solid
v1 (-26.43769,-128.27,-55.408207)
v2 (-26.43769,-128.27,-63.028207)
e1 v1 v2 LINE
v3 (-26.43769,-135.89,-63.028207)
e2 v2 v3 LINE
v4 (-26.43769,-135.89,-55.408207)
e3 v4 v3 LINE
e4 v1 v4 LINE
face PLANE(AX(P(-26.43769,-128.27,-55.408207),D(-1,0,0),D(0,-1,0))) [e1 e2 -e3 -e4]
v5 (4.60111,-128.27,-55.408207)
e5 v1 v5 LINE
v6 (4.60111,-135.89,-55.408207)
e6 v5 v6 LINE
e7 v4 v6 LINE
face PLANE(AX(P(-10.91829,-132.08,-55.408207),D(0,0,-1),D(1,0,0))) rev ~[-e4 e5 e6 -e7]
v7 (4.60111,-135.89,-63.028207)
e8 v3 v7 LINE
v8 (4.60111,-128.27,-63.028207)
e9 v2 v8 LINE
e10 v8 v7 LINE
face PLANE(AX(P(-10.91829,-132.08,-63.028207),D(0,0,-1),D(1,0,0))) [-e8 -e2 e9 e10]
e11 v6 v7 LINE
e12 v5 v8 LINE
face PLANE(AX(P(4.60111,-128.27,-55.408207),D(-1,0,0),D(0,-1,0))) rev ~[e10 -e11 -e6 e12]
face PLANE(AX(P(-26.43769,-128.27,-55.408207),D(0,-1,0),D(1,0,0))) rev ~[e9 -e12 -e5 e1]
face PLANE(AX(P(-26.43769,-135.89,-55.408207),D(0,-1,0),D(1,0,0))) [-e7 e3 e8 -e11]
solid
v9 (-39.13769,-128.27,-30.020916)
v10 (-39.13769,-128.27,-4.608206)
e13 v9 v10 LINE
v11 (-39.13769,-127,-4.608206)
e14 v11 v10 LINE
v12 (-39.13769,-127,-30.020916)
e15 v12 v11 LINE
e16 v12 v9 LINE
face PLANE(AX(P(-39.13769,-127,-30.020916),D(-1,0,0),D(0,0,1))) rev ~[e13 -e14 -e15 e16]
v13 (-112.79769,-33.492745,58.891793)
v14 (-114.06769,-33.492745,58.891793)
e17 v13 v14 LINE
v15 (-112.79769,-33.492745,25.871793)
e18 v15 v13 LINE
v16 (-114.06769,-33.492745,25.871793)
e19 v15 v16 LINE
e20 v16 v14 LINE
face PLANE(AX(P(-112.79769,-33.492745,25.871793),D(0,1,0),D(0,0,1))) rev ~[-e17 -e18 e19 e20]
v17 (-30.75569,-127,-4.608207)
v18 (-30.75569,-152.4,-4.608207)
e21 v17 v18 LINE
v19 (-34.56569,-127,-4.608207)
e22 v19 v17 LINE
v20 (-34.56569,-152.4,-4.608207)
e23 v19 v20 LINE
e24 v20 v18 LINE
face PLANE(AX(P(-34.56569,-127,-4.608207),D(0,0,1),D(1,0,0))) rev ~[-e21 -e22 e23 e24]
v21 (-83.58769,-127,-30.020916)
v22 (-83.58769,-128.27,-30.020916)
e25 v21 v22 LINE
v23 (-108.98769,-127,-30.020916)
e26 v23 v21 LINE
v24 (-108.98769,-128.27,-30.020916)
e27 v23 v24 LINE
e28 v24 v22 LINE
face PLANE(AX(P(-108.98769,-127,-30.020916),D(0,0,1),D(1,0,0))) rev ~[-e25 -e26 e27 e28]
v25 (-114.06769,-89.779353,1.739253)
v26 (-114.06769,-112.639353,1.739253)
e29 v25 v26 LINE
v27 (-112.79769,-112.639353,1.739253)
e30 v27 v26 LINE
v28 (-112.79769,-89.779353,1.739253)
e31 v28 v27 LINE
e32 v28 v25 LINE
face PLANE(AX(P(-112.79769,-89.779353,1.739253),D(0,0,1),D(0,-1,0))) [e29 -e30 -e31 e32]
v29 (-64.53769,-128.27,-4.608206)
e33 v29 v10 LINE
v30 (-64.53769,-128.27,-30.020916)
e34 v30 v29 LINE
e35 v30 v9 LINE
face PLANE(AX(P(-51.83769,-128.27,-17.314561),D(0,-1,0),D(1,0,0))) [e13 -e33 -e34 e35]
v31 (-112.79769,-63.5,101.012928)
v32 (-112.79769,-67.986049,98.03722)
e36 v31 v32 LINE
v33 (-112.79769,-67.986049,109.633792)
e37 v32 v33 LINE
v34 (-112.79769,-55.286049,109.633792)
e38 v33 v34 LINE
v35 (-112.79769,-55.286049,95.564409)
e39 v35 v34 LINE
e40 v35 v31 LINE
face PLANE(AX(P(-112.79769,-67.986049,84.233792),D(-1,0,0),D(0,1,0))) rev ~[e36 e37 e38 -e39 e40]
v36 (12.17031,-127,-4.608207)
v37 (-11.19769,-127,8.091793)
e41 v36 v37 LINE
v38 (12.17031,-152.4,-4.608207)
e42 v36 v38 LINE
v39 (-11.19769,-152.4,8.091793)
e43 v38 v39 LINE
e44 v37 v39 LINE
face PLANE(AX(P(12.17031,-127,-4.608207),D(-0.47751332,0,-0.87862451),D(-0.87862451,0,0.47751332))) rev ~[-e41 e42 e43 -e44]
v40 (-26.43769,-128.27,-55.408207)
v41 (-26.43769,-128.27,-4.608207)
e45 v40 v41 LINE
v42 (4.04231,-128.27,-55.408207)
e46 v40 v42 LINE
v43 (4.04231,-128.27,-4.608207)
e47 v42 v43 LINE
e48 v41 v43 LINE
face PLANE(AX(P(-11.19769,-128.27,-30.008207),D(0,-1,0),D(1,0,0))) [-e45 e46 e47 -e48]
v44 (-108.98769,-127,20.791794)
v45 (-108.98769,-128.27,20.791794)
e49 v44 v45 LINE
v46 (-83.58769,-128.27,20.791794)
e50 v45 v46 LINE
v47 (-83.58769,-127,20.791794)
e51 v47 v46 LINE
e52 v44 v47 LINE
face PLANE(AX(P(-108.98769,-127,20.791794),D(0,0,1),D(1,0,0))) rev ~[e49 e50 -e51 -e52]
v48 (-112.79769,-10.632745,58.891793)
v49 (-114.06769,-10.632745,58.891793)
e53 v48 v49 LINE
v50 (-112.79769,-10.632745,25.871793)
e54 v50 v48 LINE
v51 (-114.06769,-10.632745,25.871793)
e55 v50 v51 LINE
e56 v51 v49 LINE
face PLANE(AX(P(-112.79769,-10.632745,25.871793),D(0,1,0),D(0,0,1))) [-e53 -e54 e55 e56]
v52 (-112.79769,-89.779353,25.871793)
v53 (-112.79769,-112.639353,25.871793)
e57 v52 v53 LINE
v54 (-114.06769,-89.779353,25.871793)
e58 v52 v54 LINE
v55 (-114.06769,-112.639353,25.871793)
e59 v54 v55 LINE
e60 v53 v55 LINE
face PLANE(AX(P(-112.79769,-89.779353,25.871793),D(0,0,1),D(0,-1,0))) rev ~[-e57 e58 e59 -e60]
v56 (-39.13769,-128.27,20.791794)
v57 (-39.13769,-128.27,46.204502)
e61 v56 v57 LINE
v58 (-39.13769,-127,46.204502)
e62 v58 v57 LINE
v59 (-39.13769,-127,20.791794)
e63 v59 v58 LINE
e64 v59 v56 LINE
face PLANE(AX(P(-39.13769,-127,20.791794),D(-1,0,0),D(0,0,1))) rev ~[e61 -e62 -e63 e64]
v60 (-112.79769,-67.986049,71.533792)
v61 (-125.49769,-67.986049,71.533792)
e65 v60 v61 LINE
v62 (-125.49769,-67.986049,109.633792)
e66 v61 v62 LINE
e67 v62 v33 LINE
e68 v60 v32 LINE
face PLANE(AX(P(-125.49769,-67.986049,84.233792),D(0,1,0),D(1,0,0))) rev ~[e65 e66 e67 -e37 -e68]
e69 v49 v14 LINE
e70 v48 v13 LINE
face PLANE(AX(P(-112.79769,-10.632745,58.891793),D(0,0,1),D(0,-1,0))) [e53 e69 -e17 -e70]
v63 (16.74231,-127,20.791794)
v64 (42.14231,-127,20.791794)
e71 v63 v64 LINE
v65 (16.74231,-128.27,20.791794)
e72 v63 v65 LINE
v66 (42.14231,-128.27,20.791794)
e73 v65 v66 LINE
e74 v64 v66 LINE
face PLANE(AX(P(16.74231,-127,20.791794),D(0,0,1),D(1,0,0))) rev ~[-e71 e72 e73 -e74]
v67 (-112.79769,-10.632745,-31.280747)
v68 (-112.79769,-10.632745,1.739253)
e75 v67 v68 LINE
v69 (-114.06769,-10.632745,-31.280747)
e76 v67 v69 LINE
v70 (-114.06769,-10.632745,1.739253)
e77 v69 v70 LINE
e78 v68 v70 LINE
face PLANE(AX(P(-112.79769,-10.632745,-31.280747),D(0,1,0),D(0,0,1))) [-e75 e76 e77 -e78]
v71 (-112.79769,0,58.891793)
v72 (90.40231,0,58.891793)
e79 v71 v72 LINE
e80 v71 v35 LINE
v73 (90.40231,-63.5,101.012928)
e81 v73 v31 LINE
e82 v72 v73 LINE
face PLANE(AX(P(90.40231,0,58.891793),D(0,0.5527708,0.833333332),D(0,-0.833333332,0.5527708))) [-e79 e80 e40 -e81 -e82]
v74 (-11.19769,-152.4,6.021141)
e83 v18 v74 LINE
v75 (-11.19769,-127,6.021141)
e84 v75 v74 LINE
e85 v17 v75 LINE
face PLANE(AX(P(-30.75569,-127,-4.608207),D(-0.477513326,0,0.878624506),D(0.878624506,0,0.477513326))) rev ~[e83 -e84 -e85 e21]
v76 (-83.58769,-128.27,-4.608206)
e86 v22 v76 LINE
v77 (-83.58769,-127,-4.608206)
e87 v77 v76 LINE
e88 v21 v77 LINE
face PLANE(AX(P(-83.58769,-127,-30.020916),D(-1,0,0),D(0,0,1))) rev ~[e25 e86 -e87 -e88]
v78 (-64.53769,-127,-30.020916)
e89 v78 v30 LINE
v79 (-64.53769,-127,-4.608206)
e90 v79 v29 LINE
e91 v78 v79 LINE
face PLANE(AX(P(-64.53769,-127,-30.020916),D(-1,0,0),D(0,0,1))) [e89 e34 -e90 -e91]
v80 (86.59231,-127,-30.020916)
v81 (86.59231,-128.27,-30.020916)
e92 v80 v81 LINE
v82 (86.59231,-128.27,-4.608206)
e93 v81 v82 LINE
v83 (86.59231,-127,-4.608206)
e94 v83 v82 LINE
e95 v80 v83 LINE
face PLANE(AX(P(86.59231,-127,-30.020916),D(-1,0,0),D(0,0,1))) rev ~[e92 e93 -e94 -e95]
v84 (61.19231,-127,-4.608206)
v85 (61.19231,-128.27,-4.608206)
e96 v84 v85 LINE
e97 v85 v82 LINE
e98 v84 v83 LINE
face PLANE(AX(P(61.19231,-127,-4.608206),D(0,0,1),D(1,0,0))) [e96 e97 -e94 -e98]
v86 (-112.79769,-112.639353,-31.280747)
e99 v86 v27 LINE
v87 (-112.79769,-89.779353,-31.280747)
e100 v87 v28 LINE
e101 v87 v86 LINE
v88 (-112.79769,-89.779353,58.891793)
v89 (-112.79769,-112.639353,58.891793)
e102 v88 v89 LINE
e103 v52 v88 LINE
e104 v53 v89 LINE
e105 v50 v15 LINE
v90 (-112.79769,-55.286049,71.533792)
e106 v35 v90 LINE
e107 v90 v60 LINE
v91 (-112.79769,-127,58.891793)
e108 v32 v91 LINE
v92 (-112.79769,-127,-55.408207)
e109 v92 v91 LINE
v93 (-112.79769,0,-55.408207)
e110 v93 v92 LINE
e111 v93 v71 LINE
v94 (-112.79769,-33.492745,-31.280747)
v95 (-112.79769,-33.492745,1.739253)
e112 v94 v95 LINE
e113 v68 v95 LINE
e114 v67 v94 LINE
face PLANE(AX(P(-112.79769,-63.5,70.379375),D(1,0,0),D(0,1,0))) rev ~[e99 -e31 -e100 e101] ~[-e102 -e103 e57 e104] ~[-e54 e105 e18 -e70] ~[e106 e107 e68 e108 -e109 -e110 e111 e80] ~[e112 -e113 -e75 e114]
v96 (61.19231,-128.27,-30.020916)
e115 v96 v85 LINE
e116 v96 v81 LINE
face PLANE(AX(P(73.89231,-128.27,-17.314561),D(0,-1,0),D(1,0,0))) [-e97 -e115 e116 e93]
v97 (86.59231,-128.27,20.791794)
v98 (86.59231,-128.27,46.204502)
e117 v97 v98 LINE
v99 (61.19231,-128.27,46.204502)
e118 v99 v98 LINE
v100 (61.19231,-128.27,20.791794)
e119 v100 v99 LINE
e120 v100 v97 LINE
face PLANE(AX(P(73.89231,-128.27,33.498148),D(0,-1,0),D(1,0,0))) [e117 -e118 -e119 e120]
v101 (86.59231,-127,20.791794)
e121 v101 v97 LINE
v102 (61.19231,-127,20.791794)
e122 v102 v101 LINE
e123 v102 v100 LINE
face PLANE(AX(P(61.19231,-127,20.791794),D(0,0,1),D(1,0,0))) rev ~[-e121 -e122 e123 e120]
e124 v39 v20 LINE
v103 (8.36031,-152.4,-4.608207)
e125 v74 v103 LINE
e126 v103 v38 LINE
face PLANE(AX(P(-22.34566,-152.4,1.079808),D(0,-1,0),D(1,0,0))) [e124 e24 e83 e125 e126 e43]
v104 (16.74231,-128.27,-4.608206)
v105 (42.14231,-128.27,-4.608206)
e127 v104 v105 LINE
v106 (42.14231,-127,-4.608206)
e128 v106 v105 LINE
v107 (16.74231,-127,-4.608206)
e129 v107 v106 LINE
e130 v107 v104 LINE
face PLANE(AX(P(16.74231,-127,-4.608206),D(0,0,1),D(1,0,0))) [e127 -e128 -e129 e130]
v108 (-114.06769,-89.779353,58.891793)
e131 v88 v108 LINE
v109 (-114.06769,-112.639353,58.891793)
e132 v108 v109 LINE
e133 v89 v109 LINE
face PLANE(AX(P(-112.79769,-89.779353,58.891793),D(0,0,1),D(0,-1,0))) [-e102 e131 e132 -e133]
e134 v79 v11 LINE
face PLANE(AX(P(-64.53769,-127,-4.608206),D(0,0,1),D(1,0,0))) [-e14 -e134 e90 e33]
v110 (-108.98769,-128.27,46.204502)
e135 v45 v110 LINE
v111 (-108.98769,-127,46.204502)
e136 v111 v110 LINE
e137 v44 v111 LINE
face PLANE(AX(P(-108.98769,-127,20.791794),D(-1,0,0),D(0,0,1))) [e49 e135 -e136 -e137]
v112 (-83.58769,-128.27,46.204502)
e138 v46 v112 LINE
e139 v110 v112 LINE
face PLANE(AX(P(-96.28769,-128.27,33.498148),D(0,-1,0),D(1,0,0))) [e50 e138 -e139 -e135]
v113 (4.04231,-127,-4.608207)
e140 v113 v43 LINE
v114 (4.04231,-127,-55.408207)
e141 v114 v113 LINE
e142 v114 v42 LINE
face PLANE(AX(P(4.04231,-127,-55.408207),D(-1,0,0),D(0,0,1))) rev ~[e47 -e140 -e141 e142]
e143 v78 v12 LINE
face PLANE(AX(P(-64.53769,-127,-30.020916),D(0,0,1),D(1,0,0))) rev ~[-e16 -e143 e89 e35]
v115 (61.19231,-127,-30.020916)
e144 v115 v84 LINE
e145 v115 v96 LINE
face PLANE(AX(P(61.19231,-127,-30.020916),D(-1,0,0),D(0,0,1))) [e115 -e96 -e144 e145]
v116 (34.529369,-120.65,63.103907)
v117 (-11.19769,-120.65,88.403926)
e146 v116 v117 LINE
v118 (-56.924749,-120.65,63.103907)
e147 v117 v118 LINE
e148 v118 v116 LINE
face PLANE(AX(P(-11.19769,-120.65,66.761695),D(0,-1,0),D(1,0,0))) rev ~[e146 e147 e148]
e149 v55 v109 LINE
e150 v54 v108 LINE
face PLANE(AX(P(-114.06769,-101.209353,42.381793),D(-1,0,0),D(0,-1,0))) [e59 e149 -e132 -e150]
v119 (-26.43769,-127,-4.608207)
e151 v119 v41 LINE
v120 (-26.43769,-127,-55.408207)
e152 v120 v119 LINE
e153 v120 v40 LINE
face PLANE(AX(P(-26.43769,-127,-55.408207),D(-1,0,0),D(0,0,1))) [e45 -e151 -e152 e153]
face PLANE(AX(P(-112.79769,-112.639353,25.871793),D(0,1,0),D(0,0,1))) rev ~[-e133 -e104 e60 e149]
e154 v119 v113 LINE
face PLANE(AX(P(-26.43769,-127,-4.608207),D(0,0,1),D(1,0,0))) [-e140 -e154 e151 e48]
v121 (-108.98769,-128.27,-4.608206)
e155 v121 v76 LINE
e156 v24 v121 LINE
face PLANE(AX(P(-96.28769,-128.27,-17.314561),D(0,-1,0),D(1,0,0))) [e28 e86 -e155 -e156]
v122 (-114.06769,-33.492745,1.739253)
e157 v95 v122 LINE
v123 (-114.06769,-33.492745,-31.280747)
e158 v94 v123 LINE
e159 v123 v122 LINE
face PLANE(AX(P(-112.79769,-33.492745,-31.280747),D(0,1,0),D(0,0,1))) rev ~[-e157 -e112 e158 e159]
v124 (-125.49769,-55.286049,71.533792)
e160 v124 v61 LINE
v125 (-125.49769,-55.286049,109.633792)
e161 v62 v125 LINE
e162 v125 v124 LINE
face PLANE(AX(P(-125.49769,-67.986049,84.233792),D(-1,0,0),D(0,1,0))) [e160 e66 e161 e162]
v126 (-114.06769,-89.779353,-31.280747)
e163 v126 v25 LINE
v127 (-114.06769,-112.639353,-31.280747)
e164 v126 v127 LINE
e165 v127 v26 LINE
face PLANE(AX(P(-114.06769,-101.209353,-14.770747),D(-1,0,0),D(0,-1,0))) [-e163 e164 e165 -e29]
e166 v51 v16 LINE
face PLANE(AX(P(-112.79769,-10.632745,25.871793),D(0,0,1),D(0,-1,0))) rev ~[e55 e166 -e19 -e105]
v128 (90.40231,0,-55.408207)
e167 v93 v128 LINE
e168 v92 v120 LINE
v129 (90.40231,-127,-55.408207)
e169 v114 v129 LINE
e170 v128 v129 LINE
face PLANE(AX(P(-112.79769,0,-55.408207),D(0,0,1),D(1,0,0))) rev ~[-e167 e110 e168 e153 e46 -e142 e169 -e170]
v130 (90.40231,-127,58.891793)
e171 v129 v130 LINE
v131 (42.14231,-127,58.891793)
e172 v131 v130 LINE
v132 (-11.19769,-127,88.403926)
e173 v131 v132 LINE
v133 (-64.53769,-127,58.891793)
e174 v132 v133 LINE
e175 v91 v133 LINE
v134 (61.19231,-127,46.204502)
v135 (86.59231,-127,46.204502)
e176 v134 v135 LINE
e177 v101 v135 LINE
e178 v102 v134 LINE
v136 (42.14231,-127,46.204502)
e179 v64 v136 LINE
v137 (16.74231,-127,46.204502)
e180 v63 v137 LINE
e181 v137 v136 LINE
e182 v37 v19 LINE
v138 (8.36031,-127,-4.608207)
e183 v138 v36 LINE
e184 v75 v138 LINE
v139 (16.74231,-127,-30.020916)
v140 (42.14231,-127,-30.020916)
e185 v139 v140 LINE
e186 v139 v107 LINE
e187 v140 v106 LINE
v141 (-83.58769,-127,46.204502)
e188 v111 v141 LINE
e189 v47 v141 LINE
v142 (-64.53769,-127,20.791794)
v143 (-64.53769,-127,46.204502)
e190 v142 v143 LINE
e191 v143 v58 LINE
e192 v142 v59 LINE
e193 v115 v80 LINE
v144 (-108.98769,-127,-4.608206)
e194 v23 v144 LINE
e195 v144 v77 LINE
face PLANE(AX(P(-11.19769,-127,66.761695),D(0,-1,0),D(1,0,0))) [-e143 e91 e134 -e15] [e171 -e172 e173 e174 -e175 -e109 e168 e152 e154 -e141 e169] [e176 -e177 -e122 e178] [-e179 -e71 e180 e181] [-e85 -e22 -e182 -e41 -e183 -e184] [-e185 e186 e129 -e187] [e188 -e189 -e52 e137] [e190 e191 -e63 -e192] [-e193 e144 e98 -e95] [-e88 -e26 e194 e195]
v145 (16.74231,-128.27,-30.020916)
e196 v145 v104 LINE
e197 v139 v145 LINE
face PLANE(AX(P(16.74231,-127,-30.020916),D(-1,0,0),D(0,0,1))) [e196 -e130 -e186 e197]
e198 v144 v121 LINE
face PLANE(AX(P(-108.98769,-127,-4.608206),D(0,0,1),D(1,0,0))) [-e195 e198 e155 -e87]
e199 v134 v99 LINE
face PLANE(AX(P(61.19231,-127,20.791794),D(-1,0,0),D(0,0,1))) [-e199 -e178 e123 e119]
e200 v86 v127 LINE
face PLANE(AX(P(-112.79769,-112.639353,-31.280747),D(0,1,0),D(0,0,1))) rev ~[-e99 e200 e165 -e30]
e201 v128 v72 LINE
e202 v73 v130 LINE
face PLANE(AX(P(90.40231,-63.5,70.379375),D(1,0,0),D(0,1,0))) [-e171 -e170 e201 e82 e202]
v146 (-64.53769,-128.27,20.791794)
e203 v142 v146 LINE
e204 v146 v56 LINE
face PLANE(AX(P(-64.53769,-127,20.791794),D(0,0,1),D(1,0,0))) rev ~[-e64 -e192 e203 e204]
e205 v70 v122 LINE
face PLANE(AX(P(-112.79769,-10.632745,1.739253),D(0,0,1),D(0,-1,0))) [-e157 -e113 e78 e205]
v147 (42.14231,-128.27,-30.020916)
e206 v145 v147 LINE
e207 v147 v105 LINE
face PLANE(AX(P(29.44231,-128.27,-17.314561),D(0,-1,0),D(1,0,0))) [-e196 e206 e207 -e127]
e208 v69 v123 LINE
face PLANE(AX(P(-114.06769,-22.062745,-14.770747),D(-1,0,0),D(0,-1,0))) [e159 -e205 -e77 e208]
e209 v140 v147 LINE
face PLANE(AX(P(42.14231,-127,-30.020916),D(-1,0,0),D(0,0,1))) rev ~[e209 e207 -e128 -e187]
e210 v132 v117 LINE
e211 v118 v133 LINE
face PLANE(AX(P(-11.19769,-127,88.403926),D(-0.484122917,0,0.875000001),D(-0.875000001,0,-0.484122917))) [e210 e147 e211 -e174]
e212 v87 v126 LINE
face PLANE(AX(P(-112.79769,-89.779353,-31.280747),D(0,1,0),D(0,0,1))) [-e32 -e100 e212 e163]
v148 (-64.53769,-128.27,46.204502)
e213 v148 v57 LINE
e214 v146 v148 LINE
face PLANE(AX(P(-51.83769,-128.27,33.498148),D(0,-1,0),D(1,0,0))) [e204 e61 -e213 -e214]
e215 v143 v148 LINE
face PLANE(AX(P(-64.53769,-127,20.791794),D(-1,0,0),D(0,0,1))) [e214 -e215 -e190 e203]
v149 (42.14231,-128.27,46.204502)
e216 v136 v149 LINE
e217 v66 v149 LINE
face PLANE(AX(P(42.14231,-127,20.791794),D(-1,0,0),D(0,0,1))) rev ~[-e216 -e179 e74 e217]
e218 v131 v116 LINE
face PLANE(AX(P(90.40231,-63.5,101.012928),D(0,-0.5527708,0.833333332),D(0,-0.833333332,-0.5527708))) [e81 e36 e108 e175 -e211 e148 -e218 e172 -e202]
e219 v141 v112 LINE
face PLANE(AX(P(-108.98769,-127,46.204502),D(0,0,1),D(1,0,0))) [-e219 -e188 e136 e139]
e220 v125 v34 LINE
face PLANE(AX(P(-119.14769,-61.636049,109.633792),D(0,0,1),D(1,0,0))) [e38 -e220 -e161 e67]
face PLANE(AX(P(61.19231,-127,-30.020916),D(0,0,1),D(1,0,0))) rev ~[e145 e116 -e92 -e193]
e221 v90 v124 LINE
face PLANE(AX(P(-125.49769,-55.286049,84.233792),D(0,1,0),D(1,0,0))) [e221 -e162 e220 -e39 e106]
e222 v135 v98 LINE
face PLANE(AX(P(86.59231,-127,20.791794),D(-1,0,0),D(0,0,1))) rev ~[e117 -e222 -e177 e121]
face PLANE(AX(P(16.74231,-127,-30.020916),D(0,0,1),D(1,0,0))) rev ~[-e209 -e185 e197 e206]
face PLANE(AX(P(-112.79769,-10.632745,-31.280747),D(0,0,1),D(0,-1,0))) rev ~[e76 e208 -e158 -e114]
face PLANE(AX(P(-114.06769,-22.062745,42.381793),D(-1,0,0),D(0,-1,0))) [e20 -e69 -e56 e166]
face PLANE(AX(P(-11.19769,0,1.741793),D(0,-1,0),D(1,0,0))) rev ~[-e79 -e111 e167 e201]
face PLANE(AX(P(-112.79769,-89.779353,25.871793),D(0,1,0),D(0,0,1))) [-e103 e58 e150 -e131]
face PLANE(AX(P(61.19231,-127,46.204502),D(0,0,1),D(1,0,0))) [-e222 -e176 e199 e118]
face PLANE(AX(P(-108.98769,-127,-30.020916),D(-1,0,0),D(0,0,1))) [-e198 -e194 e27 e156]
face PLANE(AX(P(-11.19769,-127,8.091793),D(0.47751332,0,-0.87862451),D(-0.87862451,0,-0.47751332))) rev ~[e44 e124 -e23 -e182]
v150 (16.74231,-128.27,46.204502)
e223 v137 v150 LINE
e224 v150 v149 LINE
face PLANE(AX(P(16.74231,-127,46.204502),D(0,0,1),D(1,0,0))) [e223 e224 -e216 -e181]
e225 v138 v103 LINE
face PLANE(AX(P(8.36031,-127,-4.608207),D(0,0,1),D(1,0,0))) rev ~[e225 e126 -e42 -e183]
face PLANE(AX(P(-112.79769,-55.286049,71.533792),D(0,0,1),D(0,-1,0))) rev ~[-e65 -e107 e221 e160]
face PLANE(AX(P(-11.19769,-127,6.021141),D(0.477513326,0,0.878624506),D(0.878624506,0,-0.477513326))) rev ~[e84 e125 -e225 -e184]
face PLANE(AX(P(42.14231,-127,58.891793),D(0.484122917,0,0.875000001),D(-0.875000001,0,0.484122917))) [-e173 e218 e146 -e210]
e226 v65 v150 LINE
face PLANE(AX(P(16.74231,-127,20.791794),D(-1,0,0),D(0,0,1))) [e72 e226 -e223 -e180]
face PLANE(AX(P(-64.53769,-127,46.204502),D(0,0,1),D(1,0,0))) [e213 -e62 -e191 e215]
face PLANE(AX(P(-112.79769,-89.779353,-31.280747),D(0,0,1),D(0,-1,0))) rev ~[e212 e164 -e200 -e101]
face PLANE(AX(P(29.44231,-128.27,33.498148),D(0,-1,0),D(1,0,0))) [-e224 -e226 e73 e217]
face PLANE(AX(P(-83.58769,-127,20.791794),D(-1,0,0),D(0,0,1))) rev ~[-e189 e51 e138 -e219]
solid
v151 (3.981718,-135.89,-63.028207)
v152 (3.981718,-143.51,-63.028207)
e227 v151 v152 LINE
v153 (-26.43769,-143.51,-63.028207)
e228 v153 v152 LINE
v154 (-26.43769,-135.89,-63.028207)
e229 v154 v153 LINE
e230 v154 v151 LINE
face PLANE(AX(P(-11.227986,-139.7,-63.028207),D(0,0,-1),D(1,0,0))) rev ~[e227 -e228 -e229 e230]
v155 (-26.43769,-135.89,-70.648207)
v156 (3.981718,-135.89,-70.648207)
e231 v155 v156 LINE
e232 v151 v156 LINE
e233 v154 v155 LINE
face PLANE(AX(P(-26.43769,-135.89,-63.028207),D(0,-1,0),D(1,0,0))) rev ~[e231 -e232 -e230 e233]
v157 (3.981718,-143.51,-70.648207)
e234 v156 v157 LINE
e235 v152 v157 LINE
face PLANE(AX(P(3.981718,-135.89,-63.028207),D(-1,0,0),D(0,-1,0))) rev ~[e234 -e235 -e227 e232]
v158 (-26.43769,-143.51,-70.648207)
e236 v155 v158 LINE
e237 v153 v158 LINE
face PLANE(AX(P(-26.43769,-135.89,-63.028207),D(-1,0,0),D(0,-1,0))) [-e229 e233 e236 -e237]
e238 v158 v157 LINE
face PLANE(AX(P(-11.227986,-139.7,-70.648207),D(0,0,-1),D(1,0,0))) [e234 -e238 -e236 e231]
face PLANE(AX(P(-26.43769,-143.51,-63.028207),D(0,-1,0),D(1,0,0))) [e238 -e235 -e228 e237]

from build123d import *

# Parameters (mm, degrees)
F0_W      = 203.2
F0_H      = 114.3
F1_DEPTH  = 127
F3_DEPTH  = 203.2
F4_W      = 30.48
F4_H      = 50.8
F5_DEPTH  = 1.27
F6_W      = 25.4
F6_H      = 25.412709
F7_DEPTH  = 1.27
F9_DEPTH  = 25.4
F10_W     = 12.7
F10_H     = 12.7
F11_DEPTH = 12.7
F12_W     = 12.7
F12_H     = 12.7
F13_DEPTH = 25.4
F14_W     = 31.0388
F14_H     = 7.62
F15_DEPTH = 7.62
F16_W     = 30.419408
F16_H     = 7.62
F17_DEPTH = 7.62
F19_DEPTH = 6.35
F20_W     = 22.86
F20_H     = 33.02
F21_DEPTH = 1.27


with BuildPart() as f1:
    # F0 (on Front) → F1 (new body)
    with BuildSketch(Plane.XZ):
        with Locations((-11.19769, 1.741793)):
            Rectangle(F0_W, F0_H)
    extrude(amount=F1_DEPTH)

    # F2 (on face) → F3 (join)
    with BuildSketch(Plane.YZ.offset(90.40231)):
        Polygon((-127, 58.891793), (-63.5, 58.891793), (0, 58.891793), (-63.5, 101.012928), align=None)
    extrude(amount=-F3_DEPTH)

    # F4 (on face) → F5 (join)
    with BuildSketch(Plane.XZ.offset(127)):
        with Locations((-11.19769, -30.008207)):
            Rectangle(F4_W, F4_H)
    extrude(amount=F5_DEPTH)

    # F6 (on face) → F7 (join)
    with BuildSketch(Plane.XZ.offset(127)):
        with Locations((-96.28769, 33.498148)):
            Rectangle(F6_W, F6_H)
        with Locations((-51.83769, 33.498148)):
            Rectangle(F6_W, F6_H)
        with Locations((29.44231, 33.498148)):
            Rectangle(F6_W, F6_H)
        with Locations((73.89231, 33.498148)):
            Rectangle(F6_W, F6_H)
        with Locations((73.89231, -17.314561)):
            Rectangle(F6_W, F6_H)
        with Locations((29.44231, -17.314561)):
            Rectangle(F6_W, F6_H)
        with Locations((-51.83769, -17.314561)):
            Rectangle(F6_W, F6_H)
        with Locations((-96.28769, -17.314561)):
            Rectangle(F6_W, F6_H)
    extrude(amount=F7_DEPTH)

    # F8 (on face) → F9 (join)
    with BuildSketch(Plane.XZ.offset(127)):
        Polygon((-11.19769, 8.091793), (-34.56569, -4.608207), (-30.75569, -4.608207), (-11.19769, 6.021141), align=None)
        Polygon((12.17031, -4.608207), (-11.19769, 8.091793), (-11.19769, 6.021141), (8.36031, -4.608207), align=None)
    extrude(amount=F9_DEPTH)

    # F10 (on face) → F11 (join)
    with BuildSketch(Plane(origin=(-112.79769, 0, 0), x_dir=(0, -1, 0), z_dir=(-1, 0, 0))):
        with Locations((61.636049, 77.883792)):
            Rectangle(F10_W, F10_H)
    extrude(amount=F11_DEPTH)

    # F12 (on face) → F13 (join)
    with BuildSketch(Plane.XY.offset(84.233792)):
        with Locations((-119.14769, -61.636049)):
            Rectangle(F12_W, F12_H)
    extrude(amount=F13_DEPTH)

    # F18 (on face) → F19 (join)
    with BuildSketch(Plane.XZ.offset(127)):
        Polygon((-11.19769, 88.403926), (-64.53769, 58.891793), (42.14231, 58.891793), align=None)
    extrude(amount=-F19_DEPTH)

    # F20 (on face) → F21 (join)
    with BuildSketch(Plane(origin=(-112.79769, 0, 0), x_dir=(0, -1, 0), z_dir=(-1, 0, 0))):
        with Locations((22.062745, 42.381793)):
            Rectangle(F20_W, F20_H)
        with Locations((101.209353, 42.381793)):
            Rectangle(F20_W, F20_H)
        with Locations((101.209353, -14.770747)):
            Rectangle(F20_W, F20_H)
        with Locations((22.062745, -14.770747)):
            Rectangle(F20_W, F20_H)
    extrude(amount=F21_DEPTH)


with BuildPart() as f15:
    # F14 (on face) → F15 (new body)
    with BuildSketch(Plane(origin=(0, 0, -55.408207), x_dir=(1, 0, 0), z_dir=(0, 0, -1))):
        with Locations((-10.91829, 132.08)):
            Rectangle(F14_W, F14_H)
    extrude(amount=F15_DEPTH)


with BuildPart() as f17:
    # F16 (on face) → F17 (new body)
    with BuildSketch(Plane(origin=(0, 0, -63.028207), x_dir=(1, 0, 0), z_dir=(0, 0, -1))):
        with Locations((-11.227986, 139.7)):
            Rectangle(F16_W, F16_H)
    extrude(amount=F17_DEPTH)


solid = Compound([f1.part, f15.part, f17.part])
